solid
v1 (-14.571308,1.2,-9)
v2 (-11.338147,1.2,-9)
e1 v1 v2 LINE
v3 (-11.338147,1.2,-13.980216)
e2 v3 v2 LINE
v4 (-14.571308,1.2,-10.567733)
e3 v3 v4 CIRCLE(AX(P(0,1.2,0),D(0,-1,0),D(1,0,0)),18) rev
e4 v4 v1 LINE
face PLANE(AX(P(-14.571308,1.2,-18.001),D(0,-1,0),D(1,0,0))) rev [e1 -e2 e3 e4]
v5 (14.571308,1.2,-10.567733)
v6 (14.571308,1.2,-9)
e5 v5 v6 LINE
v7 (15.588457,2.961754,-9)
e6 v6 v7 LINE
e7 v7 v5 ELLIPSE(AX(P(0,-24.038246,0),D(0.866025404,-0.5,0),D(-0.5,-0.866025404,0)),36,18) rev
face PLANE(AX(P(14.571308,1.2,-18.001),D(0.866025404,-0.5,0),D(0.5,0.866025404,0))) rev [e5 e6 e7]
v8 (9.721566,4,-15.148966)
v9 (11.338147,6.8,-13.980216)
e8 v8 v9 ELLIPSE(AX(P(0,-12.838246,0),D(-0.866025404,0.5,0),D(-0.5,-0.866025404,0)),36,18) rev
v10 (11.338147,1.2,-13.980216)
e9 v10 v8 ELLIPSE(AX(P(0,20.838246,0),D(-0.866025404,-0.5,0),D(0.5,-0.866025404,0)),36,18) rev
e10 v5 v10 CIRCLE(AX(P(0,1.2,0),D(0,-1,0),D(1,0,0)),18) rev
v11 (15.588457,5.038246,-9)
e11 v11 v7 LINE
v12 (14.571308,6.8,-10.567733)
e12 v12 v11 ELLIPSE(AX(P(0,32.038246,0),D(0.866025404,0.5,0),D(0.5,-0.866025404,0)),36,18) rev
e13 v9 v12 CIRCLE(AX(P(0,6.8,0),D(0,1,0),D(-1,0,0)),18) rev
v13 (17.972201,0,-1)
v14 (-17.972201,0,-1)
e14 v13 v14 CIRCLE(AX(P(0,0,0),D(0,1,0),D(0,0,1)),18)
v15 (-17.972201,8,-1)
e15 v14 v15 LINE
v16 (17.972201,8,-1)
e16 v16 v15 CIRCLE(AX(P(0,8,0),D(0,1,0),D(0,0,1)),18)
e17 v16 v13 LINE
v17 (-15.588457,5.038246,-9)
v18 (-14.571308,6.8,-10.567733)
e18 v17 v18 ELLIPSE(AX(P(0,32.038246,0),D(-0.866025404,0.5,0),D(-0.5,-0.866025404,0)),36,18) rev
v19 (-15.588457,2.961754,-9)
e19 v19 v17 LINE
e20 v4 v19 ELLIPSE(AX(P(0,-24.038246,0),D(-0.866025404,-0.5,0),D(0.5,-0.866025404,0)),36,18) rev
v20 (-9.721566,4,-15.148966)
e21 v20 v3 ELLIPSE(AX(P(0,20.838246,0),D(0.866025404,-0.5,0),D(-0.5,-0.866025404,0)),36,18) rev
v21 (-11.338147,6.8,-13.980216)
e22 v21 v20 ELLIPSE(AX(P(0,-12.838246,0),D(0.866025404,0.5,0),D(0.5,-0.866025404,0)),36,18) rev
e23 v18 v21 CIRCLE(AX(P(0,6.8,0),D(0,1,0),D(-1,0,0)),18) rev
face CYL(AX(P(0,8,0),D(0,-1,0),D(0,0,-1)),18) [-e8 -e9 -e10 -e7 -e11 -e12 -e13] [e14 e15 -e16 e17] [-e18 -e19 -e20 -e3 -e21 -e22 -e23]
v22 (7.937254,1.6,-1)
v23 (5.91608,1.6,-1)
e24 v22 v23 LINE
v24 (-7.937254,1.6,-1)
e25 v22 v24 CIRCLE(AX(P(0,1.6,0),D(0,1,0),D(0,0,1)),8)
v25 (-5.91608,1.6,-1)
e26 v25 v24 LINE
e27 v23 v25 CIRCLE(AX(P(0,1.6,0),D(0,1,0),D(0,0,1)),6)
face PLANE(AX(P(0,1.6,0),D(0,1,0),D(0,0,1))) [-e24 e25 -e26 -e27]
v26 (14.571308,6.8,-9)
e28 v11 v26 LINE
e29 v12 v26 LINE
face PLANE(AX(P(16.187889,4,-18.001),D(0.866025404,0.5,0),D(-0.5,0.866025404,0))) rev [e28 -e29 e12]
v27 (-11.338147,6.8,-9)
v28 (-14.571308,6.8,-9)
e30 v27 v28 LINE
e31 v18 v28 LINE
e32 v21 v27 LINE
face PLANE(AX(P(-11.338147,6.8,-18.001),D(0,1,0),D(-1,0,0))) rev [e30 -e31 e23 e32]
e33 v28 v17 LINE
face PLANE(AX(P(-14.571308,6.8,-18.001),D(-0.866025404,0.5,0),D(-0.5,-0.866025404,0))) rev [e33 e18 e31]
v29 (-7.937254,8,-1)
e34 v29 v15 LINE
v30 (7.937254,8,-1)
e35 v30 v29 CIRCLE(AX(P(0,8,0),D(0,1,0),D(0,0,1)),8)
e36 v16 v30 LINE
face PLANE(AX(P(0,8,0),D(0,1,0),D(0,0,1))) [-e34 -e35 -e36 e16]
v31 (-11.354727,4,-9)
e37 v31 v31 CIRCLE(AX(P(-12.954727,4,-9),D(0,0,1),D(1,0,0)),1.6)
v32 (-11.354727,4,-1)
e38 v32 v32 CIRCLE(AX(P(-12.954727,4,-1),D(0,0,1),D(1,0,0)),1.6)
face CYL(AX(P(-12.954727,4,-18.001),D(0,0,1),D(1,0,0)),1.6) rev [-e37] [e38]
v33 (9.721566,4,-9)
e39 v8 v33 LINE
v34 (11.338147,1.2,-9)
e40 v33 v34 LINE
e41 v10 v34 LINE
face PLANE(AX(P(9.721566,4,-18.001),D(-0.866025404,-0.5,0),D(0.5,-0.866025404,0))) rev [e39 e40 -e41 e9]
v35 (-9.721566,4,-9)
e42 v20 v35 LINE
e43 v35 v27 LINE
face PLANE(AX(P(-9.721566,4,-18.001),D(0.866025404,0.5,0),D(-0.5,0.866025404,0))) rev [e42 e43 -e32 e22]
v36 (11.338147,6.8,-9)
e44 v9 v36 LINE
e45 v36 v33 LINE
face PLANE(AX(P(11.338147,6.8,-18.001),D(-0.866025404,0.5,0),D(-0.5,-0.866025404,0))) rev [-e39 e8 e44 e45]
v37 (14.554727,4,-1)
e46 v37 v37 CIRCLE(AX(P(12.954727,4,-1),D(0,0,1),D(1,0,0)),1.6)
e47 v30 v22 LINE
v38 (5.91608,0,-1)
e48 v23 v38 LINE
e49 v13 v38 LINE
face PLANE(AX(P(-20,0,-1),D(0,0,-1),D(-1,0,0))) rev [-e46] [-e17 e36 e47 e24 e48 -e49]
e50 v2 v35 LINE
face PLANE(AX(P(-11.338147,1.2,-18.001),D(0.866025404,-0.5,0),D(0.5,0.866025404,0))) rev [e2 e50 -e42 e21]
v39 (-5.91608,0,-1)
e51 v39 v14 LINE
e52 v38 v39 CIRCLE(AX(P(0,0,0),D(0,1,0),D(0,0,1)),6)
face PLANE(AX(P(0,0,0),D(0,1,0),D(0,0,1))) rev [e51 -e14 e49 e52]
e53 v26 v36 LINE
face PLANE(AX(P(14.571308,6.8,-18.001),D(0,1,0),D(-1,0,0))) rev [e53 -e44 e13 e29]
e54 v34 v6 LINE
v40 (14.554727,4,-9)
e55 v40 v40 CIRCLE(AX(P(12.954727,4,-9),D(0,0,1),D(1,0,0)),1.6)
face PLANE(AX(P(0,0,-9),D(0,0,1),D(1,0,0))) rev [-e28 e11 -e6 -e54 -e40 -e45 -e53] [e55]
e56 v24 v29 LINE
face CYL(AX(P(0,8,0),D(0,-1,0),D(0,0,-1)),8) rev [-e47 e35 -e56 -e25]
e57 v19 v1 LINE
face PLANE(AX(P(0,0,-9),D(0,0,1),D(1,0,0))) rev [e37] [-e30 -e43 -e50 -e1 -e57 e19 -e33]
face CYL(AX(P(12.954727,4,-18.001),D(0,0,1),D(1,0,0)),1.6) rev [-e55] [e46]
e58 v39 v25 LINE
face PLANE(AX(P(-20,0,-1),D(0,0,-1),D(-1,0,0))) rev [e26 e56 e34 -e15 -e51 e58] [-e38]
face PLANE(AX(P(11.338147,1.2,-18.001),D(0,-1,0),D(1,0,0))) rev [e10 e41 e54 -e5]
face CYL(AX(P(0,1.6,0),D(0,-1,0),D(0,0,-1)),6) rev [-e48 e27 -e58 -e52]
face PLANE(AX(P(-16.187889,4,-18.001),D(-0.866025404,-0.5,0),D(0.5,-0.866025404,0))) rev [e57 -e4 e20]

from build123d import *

# Parameters (mm, degrees)
SKETCH1_R           = 18
SKETCH1_R_2         = 8
BOSS_EXTRUDE1_DEPTH = 8
SKETCH2_R           = 8
SKETCH2_R_2         = 6
BOSS_EXTRUDE2_DEPTH = 1.6
SKETCH3_W           = 40
SKETCH3_H           = 20
CUT_EXTRUDE1_DEPTH  = 9
CUT_EXTRUDE2_REACH  = 19
SKETCH5_R           = 1.6
CUT_EXTRUDE3_REACH  = 27
CUT_EXTRUDE3_START  = -8


with BuildPart() as part:
    # Sketch1 → Boss-Extrude1 (new body)
    with BuildSketch(Plane(origin=(0, 0, 0), x_dir=(1, 0, 0), z_dir=(0, 1, 0))):
        Circle(SKETCH1_R)
        Circle(SKETCH1_R_2, mode=Mode.SUBTRACT)
    extrude(amount=BOSS_EXTRUDE1_DEPTH)

    # Sketch2 → Boss-Extrude2 (add)
    with BuildSketch(Plane(origin=(0, 0, 0), x_dir=(1, 0, 0), z_dir=(0, 1, 0))):
        Circle(SKETCH2_R)
        Circle(SKETCH2_R_2, mode=Mode.SUBTRACT)
    extrude(amount=BOSS_EXTRUDE2_DEPTH)

    # Sketch3 → Cut-Extrude1 (cut, through all)
    with BuildSketch(Plane(origin=(0, 8, 0), x_dir=(1, 0, 0), z_dir=(0, 1, 0))):
        with Locations((0, -9)):
            Rectangle(SKETCH3_W, SKETCH3_H)
    extrude(amount=-CUT_EXTRUDE1_DEPTH, mode=Mode.SUBTRACT)

    # Sketch5 → Cut-Extrude2 (cut, up to next)
    with BuildSketch(Plane.XY.offset(-1), mode=Mode.PRIVATE) as cut_extrude2_sk1:
        with Locations((-12.954727344, 4)):
            Circle(SKETCH5_R)
    cut_extrude2_tool1 = extrude(cut_extrude2_sk1.sketch, amount=-CUT_EXTRUDE2_REACH, mode=Mode.PRIVATE) & part.part
    add(cut_extrude2_tool1.solids().sort_by_distance((-12.954727, 4, -1))[0], mode=Mode.SUBTRACT)
    # Sketch5 → Cut-Extrude2 (cut, up to next)
    with BuildSketch(Plane.XY.offset(-1), mode=Mode.PRIVATE) as cut_extrude2_sk2:
        with Locations((12.954727344, 4)):
            Circle(SKETCH5_R)
    cut_extrude2_tool2 = extrude(cut_extrude2_sk2.sketch, amount=-CUT_EXTRUDE2_REACH, mode=Mode.PRIVATE) & part.part
    add(cut_extrude2_tool2.solids().sort_by_distance((12.954727, 4, -1))[0], mode=Mode.SUBTRACT)

    # Sketch6 → Cut-Extrude3 (cut, up to next)
    with BuildSketch(Plane.XY.offset(-1).offset(CUT_EXTRUDE3_START), mode=Mode.PRIVATE) as cut_extrude3_sk1:
        Polygon((-9.721565837, 4), (-11.338146591, 6.8), (-14.571308098, 6.8), (-16.187888852, 4), (-14.571308098, 1.2), (-11.338146591, 1.2), align=None)
    cut_extrude3_tool1 = extrude(cut_extrude3_sk1.sketch, amount=-CUT_EXTRUDE3_REACH, mode=Mode.PRIVATE) & part.part
    add(cut_extrude3_tool1.solids().sort_by_distance((-12.954727, 4, -9))[0], mode=Mode.SUBTRACT)
    # Sketch6 → Cut-Extrude3 (cut, up to next)
    with BuildSketch(Plane.XY.offset(-1).offset(CUT_EXTRUDE3_START), mode=Mode.PRIVATE) as cut_extrude3_sk2:
        Polygon((16.187888852, 4), (14.571308098, 6.8), (11.338146591, 6.8), (9.721565837, 4), (11.338146591, 1.2), (14.571308098, 1.2), align=None)
    cut_extrude3_tool2 = extrude(cut_extrude3_sk2.sketch, amount=-CUT_EXTRUDE3_REACH, mode=Mode.PRIVATE) & part.part
    add(cut_extrude3_tool2.solids().sort_by_distance((12.954727, 4, -9))[0], mode=Mode.SUBTRACT)


solid = part.part
